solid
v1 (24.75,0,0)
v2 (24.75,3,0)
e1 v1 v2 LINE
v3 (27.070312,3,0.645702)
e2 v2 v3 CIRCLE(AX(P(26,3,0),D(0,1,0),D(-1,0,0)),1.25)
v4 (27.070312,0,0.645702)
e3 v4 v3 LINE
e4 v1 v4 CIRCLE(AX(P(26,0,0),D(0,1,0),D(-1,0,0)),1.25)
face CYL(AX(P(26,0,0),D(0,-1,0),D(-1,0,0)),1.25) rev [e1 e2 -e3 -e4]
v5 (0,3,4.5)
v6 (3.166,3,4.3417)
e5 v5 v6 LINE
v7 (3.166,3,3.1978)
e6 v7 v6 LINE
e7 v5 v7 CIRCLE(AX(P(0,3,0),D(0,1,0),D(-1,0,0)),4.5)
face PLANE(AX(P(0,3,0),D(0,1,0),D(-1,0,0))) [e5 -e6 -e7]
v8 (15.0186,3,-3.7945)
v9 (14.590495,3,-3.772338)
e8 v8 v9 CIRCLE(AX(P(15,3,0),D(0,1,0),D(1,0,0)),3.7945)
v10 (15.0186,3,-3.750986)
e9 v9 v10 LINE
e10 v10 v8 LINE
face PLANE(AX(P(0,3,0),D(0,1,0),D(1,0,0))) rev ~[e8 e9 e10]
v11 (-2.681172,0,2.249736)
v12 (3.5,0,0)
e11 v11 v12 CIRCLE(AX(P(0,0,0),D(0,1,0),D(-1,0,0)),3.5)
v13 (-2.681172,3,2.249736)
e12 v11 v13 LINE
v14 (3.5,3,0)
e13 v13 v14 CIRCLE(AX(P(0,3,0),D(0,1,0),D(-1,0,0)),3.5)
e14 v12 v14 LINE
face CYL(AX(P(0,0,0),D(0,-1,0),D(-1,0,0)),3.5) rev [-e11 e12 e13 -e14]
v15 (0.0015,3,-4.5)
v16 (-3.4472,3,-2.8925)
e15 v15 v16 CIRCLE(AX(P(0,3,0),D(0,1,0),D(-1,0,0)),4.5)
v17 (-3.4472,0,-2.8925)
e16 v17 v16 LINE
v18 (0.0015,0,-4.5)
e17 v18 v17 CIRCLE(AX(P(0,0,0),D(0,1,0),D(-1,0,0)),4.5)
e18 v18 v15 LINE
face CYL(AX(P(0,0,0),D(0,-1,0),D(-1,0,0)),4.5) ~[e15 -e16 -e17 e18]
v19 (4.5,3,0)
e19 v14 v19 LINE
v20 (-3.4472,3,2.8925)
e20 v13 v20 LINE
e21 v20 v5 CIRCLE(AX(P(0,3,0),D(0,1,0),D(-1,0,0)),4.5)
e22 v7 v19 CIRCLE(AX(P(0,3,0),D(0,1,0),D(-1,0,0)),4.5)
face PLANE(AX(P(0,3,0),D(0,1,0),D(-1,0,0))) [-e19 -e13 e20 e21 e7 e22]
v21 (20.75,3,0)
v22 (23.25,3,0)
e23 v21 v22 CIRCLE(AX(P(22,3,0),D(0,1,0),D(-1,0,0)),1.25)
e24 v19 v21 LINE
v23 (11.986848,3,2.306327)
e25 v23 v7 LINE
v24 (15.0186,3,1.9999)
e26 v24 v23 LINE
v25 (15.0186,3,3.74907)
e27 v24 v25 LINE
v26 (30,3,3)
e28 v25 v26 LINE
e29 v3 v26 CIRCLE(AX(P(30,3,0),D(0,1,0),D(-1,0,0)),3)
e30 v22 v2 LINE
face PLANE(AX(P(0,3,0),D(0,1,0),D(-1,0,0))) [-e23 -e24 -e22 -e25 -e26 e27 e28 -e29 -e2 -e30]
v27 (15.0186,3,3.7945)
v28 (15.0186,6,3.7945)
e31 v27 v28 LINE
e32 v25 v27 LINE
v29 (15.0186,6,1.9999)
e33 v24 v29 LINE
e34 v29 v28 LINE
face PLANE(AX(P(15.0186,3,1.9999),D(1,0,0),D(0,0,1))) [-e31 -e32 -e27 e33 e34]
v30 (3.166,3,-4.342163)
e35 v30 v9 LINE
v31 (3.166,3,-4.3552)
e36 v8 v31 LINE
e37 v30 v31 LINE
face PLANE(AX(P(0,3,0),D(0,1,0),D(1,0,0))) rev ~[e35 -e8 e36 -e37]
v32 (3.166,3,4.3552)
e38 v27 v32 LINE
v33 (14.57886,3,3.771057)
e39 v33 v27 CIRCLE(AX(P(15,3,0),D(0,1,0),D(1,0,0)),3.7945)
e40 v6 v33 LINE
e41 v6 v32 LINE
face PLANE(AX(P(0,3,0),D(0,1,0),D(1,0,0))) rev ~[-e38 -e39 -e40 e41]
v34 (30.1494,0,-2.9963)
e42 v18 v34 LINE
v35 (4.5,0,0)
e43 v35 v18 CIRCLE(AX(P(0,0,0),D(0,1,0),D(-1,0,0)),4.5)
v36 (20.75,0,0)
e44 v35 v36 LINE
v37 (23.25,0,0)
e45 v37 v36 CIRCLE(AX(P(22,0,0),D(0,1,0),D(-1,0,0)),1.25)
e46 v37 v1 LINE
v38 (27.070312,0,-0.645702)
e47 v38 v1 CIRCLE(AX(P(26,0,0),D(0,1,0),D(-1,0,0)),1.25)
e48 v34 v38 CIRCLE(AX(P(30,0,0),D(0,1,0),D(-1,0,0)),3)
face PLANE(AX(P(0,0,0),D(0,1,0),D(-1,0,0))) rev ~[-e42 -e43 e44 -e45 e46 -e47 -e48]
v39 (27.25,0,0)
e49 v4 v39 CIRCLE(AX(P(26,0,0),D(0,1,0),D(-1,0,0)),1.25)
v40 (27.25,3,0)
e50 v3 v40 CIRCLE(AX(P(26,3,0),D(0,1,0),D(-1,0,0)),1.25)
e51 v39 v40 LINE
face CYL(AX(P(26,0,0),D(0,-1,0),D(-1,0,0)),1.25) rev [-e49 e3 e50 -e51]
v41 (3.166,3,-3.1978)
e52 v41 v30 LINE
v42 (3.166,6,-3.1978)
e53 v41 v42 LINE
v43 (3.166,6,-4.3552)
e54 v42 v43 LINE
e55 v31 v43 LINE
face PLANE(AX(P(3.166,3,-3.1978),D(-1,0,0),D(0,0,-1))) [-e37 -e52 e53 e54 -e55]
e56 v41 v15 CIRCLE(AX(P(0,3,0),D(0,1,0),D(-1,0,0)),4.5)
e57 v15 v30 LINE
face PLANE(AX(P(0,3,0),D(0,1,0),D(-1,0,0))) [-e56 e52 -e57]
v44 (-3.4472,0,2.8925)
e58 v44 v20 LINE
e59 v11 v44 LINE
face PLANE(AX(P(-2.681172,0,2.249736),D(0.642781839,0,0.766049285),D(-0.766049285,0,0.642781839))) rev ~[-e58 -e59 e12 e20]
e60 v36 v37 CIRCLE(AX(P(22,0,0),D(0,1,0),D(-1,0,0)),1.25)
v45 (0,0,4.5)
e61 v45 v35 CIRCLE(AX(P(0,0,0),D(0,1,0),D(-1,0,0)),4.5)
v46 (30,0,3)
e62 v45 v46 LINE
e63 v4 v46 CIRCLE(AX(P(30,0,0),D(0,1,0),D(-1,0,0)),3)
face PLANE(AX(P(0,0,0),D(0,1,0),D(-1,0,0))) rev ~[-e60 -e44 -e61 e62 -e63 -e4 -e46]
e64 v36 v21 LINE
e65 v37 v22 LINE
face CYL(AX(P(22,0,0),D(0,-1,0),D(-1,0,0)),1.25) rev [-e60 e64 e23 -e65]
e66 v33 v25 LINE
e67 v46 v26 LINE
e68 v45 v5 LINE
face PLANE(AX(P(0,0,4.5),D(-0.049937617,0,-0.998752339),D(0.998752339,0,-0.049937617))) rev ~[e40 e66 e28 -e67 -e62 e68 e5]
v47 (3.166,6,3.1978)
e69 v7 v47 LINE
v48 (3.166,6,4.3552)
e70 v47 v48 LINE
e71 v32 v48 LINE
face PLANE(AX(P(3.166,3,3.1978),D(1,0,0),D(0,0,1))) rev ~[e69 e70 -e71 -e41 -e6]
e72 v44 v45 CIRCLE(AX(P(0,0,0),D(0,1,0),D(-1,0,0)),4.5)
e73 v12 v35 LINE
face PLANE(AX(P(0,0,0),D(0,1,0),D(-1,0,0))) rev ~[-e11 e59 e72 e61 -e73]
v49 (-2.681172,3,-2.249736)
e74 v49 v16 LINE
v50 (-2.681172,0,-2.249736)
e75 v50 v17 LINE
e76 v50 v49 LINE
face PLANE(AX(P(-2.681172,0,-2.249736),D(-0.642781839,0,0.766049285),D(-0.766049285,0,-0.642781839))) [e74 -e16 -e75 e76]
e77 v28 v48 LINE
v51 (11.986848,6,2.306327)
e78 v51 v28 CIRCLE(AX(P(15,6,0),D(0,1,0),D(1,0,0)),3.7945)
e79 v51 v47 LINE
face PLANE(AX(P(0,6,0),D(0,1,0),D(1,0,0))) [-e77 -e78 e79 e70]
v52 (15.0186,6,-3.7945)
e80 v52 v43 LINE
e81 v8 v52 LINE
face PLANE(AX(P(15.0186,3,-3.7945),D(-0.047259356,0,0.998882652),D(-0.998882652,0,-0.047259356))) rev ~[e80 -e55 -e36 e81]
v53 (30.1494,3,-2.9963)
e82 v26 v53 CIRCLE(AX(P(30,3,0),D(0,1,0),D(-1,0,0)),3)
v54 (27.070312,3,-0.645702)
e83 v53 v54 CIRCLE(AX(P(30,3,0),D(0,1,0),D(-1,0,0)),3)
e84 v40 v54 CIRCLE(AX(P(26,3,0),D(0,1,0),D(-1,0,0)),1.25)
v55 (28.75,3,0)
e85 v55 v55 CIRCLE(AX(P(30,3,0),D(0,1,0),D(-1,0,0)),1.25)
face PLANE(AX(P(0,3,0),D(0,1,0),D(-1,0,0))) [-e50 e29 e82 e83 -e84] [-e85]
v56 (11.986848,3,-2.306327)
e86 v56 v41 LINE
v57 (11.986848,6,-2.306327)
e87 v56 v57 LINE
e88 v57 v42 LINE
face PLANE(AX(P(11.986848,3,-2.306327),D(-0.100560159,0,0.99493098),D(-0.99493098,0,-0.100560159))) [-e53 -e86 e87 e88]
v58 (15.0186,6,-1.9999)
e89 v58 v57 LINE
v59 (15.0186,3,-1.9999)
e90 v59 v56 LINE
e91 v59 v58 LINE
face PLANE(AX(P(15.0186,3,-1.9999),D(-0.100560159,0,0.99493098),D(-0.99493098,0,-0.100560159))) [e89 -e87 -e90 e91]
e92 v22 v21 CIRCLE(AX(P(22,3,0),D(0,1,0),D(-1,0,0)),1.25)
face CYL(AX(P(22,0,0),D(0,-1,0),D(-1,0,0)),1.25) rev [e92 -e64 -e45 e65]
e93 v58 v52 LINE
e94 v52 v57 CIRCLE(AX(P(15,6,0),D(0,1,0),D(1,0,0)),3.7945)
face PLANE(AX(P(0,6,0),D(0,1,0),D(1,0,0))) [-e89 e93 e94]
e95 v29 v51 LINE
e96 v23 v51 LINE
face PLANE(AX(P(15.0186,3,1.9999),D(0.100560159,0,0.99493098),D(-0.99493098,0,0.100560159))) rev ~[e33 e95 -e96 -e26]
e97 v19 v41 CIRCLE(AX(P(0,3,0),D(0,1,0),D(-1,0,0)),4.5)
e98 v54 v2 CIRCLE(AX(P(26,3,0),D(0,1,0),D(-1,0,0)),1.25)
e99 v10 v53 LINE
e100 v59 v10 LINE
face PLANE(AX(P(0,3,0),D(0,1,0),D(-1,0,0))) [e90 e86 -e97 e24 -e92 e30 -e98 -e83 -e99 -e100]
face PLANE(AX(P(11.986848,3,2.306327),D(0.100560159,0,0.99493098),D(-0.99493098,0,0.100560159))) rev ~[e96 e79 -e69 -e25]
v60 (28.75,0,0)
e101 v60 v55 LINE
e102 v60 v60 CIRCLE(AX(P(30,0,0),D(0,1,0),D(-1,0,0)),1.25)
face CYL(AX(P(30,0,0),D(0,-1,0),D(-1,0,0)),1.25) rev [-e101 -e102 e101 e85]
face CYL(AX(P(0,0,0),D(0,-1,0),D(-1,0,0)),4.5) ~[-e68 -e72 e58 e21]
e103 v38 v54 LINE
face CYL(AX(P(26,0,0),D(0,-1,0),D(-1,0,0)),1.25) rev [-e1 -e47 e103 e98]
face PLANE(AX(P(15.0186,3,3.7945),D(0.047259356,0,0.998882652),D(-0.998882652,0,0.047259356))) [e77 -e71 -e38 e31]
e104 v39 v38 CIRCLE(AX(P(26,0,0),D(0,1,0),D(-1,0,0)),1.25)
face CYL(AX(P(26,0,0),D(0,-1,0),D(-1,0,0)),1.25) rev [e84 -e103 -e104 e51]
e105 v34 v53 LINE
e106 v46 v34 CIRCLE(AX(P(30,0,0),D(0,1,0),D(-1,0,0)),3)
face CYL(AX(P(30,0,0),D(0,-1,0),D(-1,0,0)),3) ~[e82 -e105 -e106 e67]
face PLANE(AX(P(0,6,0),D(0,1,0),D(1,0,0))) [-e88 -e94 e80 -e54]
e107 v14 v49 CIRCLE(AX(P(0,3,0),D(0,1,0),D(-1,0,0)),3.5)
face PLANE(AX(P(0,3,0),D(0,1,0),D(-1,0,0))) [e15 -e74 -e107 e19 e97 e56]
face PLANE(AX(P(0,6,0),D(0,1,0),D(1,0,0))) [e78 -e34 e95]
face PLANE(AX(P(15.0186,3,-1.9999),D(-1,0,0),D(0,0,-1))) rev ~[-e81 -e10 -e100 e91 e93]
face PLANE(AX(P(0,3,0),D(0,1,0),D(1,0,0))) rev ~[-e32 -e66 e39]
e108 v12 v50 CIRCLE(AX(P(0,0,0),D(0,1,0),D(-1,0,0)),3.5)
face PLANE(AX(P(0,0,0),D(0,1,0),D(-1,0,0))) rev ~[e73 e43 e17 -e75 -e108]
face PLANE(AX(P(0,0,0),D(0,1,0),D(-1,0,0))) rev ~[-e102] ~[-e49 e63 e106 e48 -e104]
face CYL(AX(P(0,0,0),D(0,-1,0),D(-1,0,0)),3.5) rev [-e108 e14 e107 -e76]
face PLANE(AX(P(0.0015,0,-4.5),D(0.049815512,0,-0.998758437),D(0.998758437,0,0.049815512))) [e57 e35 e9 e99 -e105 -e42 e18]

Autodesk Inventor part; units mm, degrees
ref_plane "YZ Plane" through (0, 0, 0) normal (1, 0, 0) x (0, 1, 0)
ref_plane "XZ Plane" through (0, 0, 0) normal (0, 1, 0) x (-1, 0, 0)
ref_plane "XY Plane" through (0, 0, 0) normal (0, 0, 1) x (1, 0, 0)
sketch "Sketch2" plane through (0, 0, 0) normal (0, 1, 0) x (-1, 0, 0)
  circle A0 centre (0, 0) radius 3.5
  circle A1 centre (0, 0) radius 4.5
  line L0 (0, 0) -> (3.4472, 2.8925)
  line L1 (0, 0) -> (4.5, 0) construction
  line L2 (0, 0) -> (3.4472, -2.8925)
  line L3 (0, 0) -> (4.5, 0) construction
  line L4 (0, 0) -> (-30, 0)
  line L5 (0, 0) -> (30, 0) construction
  circle A2 centre (-30, 0) radius 1.25
  circle A3 centre (-26, 0) radius 1.25
  circle A4 centre (-22, 0) radius 1.25
  circle A5 centre (-30, 0) radius 3
  line L6 (0, 4.5) -> (-30, 3)
  line L7 (-0.0015, -4.5) -> (-30.1494, -2.9963)
  point P0 (2.6812, -2.2498)
  point P1 (2.6812, 2.2498)
  dimension "d11" = 7
  dimension "d12" = 9
  dimension "d13" = 40
  dimension "d14" = 40
  dimension "d15" = 30
  dimension "d16" = 180
  dimension "d17" = 2.5
  dimension "d20" = 4
  dimension "d25" = 6
extrude "Extrusion1" add sketch "Sketch2" along normal blind 3 contours A1 L4 A4 A3 A5 L6 | A0 L4 A1 L0 | L2 A1 L4 A0 | A1 L7 A5 A3 L4 A4 | A5 A3
sketch "Sketch4" plane through (0, 3, 0) normal (0, 1, 0) x (1, 0, 0)
  arc A0 (-2.6812, -2.2498) -> (-2.6812, 2.2498) centre (0, 0) ccw projected
  line L0 (0, 0) -> (15, 0)
  circle A1 centre (15, 0) radius 2
  circle A2 centre (0, 0) radius 3.5
  line L1 (15.0186, 1.9999) -> (0.3519, 3.4823)
  line L2 (15.0186, -1.9999) -> (0.3519, -3.4823)
  circle A3 centre (15, 0) radius 3.7945
  circle A4 centre (0, 0) radius 4.5
  line L3 (15.0186, 3.7945) -> (0.2127, 4.495)
  line L4 (15.0186, -3.7945) -> (0.2127, -4.495)
  line L5 (3.166, 3.1978) -> (3.166, 4.3552)
  line L6 (3.166, 3.1978) -> (4.3234, 3.1978) construction
  line L7 (3.166, -3.1978) -> (3.166, -4.3552)
  line L8 (3.166, -3.1978) -> (4.3234, -3.1978) construction
  line L9 (15.0186, 1.9999) -> (15.0186, 3.7945)
  line L10 (15.0186, -1.9999) -> (15.0186, -3.7945)
  dimension "d36" = 15
  dimension "d37" = 4
  dimension "d38" = 7
  dimension "d39" = 7.589
  dimension "d40" = 9
  dimension "d41" = 90
  dimension "d42" = 90
extrude "Extrusion2" add sketch "Sketch4" along normal blind 3 contours L2 A3 L4 L7 | L2 L10 A3 | L5 L3 A3 L1 | A3 L9 L1
properties part number "Servo Extension Clip-on"
